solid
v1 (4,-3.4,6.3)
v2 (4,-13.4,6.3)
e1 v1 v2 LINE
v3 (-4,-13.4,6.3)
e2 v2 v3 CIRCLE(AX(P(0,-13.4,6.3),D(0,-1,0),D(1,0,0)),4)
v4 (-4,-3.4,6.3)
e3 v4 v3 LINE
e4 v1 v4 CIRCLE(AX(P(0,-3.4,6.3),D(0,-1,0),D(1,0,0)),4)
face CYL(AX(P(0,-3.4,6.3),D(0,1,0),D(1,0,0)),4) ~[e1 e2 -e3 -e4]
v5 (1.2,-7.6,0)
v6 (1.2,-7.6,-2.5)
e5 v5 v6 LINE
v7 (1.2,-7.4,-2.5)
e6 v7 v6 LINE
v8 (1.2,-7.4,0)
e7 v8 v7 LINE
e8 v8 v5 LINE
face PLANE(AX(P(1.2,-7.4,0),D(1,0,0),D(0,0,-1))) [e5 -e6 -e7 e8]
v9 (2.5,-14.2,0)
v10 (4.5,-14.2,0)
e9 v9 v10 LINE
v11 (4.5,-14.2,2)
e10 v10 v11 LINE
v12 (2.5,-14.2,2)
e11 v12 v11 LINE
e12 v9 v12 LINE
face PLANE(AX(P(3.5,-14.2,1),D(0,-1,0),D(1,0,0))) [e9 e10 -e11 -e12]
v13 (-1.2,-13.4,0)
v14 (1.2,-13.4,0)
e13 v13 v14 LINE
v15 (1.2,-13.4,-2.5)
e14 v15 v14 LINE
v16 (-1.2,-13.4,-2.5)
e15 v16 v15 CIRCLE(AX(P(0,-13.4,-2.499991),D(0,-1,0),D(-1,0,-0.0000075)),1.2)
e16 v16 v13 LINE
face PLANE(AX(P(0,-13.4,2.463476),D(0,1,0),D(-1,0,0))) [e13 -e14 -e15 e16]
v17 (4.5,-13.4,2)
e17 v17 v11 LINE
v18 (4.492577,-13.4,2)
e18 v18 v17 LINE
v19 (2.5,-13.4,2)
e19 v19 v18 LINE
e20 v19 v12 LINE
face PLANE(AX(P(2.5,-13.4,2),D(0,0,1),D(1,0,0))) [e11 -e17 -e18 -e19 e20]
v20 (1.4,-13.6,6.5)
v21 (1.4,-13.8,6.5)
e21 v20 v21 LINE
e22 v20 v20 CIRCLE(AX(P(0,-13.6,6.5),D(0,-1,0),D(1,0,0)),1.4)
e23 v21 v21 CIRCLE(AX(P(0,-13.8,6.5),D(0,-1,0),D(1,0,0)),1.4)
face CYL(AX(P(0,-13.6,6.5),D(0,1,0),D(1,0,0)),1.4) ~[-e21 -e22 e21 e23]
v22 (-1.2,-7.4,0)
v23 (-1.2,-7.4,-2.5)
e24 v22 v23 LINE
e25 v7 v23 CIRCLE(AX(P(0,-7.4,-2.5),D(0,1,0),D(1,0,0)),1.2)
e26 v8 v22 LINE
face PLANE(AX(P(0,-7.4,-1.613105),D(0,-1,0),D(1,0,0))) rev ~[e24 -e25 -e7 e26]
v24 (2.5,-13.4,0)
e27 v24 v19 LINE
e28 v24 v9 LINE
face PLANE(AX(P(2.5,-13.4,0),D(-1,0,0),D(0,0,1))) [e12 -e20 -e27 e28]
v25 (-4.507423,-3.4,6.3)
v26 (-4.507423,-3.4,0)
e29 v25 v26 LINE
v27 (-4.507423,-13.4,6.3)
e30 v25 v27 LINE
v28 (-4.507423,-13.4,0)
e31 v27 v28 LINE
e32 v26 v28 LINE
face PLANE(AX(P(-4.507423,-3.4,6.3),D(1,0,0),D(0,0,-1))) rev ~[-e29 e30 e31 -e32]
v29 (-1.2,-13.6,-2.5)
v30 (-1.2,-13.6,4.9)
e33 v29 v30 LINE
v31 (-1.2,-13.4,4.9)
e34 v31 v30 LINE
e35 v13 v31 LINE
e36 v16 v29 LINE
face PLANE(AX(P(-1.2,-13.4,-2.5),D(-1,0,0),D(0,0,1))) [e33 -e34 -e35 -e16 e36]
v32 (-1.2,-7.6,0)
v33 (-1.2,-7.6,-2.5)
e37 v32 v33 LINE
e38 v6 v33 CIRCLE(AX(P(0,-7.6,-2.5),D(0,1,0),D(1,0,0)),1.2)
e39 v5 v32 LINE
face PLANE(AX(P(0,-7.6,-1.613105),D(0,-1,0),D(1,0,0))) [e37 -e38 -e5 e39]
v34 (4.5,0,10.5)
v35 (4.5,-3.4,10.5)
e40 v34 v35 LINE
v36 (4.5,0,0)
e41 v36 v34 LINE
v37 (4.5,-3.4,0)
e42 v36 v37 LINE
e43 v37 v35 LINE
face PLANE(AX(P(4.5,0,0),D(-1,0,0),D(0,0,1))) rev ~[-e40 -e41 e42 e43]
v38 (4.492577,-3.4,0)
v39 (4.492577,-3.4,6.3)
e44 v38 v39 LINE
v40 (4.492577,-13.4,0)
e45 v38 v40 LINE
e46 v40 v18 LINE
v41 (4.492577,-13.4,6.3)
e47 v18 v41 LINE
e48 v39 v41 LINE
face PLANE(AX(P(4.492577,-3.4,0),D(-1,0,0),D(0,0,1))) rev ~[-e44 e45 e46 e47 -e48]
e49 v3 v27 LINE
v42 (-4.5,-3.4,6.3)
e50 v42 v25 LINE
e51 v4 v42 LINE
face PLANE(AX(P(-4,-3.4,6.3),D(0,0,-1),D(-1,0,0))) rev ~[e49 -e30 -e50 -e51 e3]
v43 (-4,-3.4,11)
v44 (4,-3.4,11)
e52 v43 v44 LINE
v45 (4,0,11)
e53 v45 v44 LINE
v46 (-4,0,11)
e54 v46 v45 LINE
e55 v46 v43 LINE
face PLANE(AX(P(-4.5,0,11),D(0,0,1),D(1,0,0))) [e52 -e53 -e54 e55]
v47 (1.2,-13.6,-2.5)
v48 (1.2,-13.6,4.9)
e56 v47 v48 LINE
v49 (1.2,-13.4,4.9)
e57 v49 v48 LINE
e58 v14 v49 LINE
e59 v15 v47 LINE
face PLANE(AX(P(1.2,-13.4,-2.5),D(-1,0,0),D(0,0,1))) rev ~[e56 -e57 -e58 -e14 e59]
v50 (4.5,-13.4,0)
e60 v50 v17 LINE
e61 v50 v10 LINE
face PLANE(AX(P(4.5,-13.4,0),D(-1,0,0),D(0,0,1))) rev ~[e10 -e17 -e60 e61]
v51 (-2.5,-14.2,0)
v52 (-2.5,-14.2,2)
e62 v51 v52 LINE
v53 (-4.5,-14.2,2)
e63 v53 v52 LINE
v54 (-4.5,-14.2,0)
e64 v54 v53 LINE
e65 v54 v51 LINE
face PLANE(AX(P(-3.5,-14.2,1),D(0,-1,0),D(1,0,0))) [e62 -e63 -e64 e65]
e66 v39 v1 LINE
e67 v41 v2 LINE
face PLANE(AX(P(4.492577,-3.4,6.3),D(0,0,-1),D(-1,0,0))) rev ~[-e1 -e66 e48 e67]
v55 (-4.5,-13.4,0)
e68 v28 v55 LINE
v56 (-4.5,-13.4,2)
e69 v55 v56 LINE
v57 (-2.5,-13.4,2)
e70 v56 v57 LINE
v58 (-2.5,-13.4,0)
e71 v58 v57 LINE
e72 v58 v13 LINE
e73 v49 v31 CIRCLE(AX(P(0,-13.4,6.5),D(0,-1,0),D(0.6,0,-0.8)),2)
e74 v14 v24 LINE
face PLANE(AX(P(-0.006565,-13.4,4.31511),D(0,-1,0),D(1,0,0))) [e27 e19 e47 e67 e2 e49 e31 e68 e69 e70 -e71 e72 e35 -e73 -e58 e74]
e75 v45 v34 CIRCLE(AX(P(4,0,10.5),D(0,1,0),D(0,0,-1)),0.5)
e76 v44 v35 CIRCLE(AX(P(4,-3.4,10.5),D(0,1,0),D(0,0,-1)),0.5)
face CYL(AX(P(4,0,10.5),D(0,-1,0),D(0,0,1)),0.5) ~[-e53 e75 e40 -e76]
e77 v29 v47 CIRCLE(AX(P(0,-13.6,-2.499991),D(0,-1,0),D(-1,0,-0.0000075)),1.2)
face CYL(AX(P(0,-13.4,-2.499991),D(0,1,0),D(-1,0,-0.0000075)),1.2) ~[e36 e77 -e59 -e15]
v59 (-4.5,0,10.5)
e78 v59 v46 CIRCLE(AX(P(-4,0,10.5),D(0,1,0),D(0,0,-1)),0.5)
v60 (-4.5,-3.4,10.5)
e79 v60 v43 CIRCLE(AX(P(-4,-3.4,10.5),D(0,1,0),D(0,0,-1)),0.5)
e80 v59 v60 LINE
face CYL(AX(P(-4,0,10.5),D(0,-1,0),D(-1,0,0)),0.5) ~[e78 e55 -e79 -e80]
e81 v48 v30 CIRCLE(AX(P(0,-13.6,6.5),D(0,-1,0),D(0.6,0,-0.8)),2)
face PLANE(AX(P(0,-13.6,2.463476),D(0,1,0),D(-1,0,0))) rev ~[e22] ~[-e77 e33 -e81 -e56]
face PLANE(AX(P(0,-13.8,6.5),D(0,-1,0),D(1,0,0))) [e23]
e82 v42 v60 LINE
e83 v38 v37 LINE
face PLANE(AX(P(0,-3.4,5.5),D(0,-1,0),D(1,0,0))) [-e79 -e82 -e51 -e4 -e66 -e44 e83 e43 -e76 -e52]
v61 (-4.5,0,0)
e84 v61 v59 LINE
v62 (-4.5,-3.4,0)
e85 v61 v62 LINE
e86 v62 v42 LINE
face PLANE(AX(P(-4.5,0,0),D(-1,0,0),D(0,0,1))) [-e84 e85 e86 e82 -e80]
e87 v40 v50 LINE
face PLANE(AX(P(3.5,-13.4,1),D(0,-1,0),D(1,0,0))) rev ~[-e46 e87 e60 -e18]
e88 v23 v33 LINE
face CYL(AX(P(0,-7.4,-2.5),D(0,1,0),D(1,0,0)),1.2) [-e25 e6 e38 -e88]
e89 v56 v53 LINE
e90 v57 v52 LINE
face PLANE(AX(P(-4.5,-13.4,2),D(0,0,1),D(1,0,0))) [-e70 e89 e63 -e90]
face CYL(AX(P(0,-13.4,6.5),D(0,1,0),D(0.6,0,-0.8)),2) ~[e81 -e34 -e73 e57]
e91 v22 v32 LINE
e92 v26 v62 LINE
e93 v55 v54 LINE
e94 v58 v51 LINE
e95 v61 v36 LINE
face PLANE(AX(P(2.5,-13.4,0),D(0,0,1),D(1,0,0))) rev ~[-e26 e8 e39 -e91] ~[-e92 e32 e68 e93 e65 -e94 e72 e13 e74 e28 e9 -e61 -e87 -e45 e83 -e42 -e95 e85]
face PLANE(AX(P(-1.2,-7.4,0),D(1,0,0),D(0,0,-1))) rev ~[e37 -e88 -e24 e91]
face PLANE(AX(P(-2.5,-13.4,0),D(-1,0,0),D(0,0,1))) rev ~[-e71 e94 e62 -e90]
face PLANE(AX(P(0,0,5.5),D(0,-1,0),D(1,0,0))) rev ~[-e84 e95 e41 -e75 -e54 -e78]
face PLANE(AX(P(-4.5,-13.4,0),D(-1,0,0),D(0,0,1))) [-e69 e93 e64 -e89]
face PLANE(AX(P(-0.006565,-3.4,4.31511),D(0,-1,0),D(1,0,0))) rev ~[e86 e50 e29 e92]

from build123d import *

# Parameters (mm, degrees)
SKETCH_W     = 9
SKETCH_H     = 11
PAD_DEPTH    = 3.4
PAD001_DEPTH = 10
FILLET_R     = 0.5
SKETCH002_W  = 2
SKETCH002_H  = 2
PAD002_DEPTH = 0.8
PAD003_DEPTH = 0.2
SKETCH004_R  = 1.4
PAD004_DEPTH = 0.2
PAD005_DEPTH = 0.2


with BuildPart() as part:
    # Sketch → Pad (new body)
    with BuildSketch(Plane.XZ):
        with Locations((0, 5.5)):
            Rectangle(SKETCH_W, SKETCH_H)
    extrude(amount=PAD_DEPTH)

    # Sketch001 (on Face6 of Pad) → Pad001 (join)
    with BuildSketch(Plane.XZ.offset(3.4)):
        with BuildLine():
            ThreePointArc((4, 6.3), (0, 10.3), (-4, 6.3))
            Line((-4, 6.3), (-4.507423, 6.3))
            Line((-4.507423, 6.3), (-4.507423, 0))
            Line((-4.507423, 0), (4.492577, 0))
            Line((4.492577, 0), (4.492577, 6.3))
            Line((4.492577, 6.3), (4, 6.3))
        make_face()
    extrude(amount=PAD001_DEPTH)

    # Fillet
    fillet_edges = [part.edges().sort_by_distance(p)[0] for p in [
        (4.5, -1.7, 11),
        (-4.5, -1.7, 11),
    ]]
    fillet(fillet_edges, radius=FILLET_R)

    # Sketch002 (on Face16 of Fillet) → Pad002 (join)
    with BuildSketch(Plane.XZ.offset(13.4)):
        with Locations((3.5, 1)):
            Rectangle(SKETCH002_W, SKETCH002_H)
        with Locations((-3.5, 1)):
            Rectangle(SKETCH002_W, SKETCH002_H)
    extrude(amount=PAD002_DEPTH)

    # Sketch003 (on Face16 of Pad002) → Pad003 (join)
    with BuildSketch(Plane.XZ.offset(13.4)):
        with BuildLine():
            Line((-1.2, -2.5), (-1.2, 4.9))
            ThreePointArc((1.2, 4.9), (0, 8.5), (-1.2, 4.9))
            Line((1.2, -2.5), (1.2, 4.9))
            ThreePointArc((-1.2, -2.5), (0, -3.699991), (1.2, -2.5))
        make_face()
    extrude(amount=PAD003_DEPTH)

    # Sketch004 (on Face33 of Pad003) → Pad004 (join)
    with BuildSketch(Plane.XZ.offset(13.6)):
        with Locations((0, 6.5)):
            Circle(SKETCH004_R)
    extrude(amount=PAD004_DEPTH)

    # Sketch005 (on DatumPlane) → Pad005 (join)
    with BuildSketch(Plane(origin=(0, -7.4, 0), x_dir=(-1, 0, 0), z_dir=(0, 1, 0))):
        with BuildLine():
            Line((-1.2, 0), (1.2, 0))
            Line((1.2, 0), (1.2, -2.5))
            ThreePointArc((-1.2, -2.5), (0, -3.7), (1.2, -2.5))
            Line((-1.2, 0), (-1.2, -2.5))
        make_face()
    extrude(amount=-PAD005_DEPTH)


solid = part.part
